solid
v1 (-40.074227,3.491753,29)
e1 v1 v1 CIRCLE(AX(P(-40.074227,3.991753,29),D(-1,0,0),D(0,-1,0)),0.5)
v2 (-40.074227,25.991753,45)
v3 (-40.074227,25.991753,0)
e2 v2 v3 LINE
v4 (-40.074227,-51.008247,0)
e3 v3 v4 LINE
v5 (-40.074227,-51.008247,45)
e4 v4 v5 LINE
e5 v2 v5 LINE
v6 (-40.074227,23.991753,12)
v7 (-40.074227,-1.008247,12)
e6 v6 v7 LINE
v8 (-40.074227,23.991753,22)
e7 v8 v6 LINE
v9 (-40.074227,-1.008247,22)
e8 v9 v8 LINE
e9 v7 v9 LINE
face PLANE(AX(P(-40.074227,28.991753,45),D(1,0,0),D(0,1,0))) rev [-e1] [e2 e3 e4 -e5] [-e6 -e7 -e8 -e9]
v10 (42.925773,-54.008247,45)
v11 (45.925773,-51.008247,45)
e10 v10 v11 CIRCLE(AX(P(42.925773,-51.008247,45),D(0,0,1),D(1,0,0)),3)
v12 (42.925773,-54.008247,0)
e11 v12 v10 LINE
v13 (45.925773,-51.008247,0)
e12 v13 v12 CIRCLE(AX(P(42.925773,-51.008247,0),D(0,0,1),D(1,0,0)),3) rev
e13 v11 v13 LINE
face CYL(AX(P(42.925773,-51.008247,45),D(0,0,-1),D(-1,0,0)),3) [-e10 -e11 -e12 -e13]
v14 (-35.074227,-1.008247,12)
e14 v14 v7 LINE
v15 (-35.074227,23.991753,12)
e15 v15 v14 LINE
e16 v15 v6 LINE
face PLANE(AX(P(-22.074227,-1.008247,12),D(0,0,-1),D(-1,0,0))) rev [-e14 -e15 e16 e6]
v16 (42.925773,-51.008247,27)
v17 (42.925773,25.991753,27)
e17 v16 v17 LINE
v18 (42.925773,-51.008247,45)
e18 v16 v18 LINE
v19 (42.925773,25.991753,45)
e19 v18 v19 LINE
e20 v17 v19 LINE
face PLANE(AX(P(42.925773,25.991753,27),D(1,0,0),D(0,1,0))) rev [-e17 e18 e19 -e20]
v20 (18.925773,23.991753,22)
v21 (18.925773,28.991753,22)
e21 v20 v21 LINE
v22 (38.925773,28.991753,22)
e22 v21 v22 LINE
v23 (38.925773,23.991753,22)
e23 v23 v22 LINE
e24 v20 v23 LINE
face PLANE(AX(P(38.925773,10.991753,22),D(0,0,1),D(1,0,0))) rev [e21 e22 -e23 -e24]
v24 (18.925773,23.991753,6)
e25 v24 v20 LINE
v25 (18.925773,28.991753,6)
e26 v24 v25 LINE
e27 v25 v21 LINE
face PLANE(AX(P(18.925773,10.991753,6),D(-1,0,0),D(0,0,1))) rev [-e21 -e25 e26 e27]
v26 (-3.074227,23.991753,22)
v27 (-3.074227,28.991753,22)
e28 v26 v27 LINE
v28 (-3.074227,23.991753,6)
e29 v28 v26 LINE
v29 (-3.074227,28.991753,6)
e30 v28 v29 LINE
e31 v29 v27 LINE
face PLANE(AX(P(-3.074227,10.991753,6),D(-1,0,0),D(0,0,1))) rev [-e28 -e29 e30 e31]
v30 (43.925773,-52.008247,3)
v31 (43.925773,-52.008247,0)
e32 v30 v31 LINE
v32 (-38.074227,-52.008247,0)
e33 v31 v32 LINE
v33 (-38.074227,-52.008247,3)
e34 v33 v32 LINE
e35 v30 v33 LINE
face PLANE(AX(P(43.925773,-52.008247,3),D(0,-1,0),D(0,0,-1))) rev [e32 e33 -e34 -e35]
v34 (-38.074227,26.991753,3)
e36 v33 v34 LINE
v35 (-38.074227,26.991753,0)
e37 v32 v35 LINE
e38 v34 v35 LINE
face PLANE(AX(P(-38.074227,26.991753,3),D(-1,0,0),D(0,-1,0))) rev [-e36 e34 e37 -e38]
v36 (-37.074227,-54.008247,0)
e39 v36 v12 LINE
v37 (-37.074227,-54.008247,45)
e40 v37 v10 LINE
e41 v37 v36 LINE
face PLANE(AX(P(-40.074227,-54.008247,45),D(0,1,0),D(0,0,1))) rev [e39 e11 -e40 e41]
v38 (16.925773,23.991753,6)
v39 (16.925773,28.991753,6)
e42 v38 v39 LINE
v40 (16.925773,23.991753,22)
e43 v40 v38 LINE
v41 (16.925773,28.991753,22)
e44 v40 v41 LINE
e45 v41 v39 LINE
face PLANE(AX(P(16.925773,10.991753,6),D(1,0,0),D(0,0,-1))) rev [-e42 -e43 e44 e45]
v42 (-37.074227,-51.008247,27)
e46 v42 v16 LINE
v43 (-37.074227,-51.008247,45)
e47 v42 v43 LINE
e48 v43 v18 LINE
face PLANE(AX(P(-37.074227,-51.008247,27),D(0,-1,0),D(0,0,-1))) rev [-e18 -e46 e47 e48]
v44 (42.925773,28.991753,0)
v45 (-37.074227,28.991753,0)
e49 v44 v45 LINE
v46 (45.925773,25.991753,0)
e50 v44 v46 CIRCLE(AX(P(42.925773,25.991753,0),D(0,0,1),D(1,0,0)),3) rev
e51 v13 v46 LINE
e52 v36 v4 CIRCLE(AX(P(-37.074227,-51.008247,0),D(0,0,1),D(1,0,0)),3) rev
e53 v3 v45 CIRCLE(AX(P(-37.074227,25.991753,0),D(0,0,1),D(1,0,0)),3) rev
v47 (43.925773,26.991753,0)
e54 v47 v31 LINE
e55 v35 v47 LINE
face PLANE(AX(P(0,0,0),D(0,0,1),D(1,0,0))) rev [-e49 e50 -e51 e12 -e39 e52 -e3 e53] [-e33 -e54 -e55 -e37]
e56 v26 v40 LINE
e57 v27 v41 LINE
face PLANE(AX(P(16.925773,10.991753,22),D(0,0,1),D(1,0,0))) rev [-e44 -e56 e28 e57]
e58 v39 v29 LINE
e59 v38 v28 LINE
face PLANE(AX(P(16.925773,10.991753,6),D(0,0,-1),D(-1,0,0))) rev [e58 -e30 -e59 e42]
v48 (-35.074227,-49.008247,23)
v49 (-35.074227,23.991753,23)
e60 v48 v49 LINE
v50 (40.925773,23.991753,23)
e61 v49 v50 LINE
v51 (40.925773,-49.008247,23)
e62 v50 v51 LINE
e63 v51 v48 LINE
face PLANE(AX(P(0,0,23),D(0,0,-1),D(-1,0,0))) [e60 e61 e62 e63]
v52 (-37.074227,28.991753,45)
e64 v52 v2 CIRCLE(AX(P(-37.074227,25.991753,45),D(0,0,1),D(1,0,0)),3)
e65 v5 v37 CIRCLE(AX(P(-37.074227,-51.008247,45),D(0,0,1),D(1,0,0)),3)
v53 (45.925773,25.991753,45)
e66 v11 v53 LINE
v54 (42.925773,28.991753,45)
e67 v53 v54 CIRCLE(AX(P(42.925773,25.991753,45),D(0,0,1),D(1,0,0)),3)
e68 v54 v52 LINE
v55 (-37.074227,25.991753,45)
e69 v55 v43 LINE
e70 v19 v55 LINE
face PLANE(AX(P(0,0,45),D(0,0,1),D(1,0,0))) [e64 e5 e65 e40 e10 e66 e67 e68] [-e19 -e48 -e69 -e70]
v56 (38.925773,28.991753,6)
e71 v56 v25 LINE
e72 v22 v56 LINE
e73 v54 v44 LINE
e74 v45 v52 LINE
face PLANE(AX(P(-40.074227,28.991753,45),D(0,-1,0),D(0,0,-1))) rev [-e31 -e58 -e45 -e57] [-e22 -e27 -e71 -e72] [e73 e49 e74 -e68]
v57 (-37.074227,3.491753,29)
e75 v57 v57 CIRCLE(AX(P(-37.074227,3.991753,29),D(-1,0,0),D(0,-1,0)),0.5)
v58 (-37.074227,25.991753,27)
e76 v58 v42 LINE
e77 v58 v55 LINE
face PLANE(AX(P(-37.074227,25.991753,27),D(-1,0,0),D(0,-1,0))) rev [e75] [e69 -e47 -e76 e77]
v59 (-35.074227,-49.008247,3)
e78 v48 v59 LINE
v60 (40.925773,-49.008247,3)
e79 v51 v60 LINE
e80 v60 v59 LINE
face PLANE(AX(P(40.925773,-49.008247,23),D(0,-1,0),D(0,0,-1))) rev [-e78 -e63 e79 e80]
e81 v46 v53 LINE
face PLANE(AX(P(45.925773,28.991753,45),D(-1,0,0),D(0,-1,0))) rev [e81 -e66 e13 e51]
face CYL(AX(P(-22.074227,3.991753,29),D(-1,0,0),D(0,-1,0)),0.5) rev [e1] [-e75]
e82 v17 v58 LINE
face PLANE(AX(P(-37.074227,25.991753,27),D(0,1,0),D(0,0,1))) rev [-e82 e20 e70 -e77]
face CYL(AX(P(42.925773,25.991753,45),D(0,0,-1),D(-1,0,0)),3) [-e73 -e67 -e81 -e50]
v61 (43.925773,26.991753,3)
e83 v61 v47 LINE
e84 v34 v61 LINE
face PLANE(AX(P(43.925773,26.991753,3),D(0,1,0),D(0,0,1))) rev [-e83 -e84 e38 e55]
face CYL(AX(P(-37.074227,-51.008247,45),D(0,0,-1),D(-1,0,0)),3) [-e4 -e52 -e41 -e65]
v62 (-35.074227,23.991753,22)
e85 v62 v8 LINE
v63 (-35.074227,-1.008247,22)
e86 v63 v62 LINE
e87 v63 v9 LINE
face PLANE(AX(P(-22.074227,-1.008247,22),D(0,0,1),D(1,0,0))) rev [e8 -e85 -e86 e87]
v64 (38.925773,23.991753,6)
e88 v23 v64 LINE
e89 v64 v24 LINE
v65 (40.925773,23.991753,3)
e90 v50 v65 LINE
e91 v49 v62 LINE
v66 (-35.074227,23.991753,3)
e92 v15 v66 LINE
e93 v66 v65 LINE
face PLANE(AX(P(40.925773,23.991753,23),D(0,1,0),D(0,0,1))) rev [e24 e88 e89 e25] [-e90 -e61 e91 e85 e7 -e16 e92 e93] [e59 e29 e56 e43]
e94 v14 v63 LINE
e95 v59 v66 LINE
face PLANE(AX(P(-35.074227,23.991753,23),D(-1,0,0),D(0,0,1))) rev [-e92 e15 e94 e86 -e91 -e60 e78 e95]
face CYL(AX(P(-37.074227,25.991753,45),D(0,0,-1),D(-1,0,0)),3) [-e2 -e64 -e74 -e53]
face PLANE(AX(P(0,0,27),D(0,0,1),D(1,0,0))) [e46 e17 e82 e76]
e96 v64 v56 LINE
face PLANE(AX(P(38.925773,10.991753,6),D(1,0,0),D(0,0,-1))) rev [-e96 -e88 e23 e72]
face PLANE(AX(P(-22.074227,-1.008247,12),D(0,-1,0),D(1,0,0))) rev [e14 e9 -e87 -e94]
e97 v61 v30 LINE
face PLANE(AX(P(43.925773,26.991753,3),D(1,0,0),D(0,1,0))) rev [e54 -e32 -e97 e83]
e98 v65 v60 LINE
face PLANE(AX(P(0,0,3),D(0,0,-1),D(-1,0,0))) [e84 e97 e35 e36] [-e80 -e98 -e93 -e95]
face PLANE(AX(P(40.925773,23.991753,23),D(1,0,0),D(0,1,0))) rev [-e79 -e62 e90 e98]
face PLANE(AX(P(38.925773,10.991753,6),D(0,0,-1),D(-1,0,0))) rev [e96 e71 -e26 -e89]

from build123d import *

# Parameters (mm, degrees)
ESQUISSE1_W             = 86
ESQUISSE1_H             = 83
BOSS_EXTRU_1_DEPTH      = 45
ESQUISSE2_W             = 82
ESQUISSE2_H             = 79
ENL_V_MAT_EXTRU_1_DEPTH = 3
ESQUISSE3_W             = 76
ESQUISSE3_H             = 73
ENL_V_MAT_EXTRU_2_DEPTH = 20
ESQUISSE5_W             = 80
ESQUISSE5_H             = 77
ENL_V_MAT_EXTRU_3_DEPTH = 18
ESQUISSE7_W             = 20
ESQUISSE7_H             = 16
ENL_V_MAT_EXTRU_4_DEPTH = 18
ESQUISSE8_W             = 20
ESQUISSE8_H             = 16
ENL_V_MAT_EXTRU_5_DEPTH = 18
ESQUISSE10_W            = 10
ESQUISSE10_H            = 25
ENL_V_MAT_EXTRU_6_DEPTH = 18
ESQUISSE12_R            = 0.5
ENL_V_MAT_EXTRU_9_DEPTH = 18
CONG_2_R                = 3


with BuildPart() as part:
    # Esquisse1 → Boss.-Extru.1 (new body)
    with BuildSketch(Plane.XY):
        with Locations((2.925773196, -12.508247423)):
            Rectangle(ESQUISSE1_W, ESQUISSE1_H)
    extrude(amount=BOSS_EXTRU_1_DEPTH)

    # Esquisse2 → Enlèv. mat.-Extru.1 (cut)
    with BuildSketch(Plane(origin=(0, 0, 0), x_dir=(-1, 0, 0), z_dir=(0, 0, -1))):
        with Locations((-2.925773196, -12.508247423)):
            Rectangle(ESQUISSE2_W, ESQUISSE2_H)
    extrude(amount=-ENL_V_MAT_EXTRU_1_DEPTH, mode=Mode.SUBTRACT)

    # Esquisse3 → Enlèv. mat.-Extru.2 (cut)
    with BuildSketch(Plane(origin=(0, 0, 3), x_dir=(-1, 0, 0), z_dir=(0, 0, -1))):
        with Locations((-2.925773196, -12.508247423)):
            Rectangle(ESQUISSE3_W, ESQUISSE3_H)
    extrude(amount=-ENL_V_MAT_EXTRU_2_DEPTH, mode=Mode.SUBTRACT)

    # Esquisse5 → Enlèv. mat.-Extru.3 (cut)
    with BuildSketch(Plane.XY.offset(45)):
        with Locations((2.925773196, -12.508247423)):
            Rectangle(ESQUISSE5_W, ESQUISSE5_H)
    extrude(amount=-ENL_V_MAT_EXTRU_3_DEPTH, mode=Mode.SUBTRACT)

    # Esquisse7 → Enlèv. mat.-Extru.4 (cut)
    with BuildSketch(Plane(origin=(0, 28.991752577, 0), x_dir=(1, 0, 0), z_dir=(0, 1, 0))):
        with Locations((28.925773196, -14)):
            Rectangle(ESQUISSE7_W, ESQUISSE7_H)
    extrude(amount=-ENL_V_MAT_EXTRU_4_DEPTH, mode=Mode.SUBTRACT)

    # Esquisse8 → Enlèv. mat.-Extru.5 (cut)
    with BuildSketch(Plane(origin=(0, 28.991752577, 0), x_dir=(1, 0, 0), z_dir=(0, 1, 0))):
        with Locations((6.925773196, -14)):
            Rectangle(ESQUISSE8_W, ESQUISSE8_H)
    extrude(amount=-ENL_V_MAT_EXTRU_5_DEPTH, mode=Mode.SUBTRACT)

    # Esquisse10 → Enlèv. mat.-Extru.6 (cut)
    with BuildSketch(Plane.ZY.offset(40.074226804)):
        with Locations((17, 11.491752577)):
            Rectangle(ESQUISSE10_W, ESQUISSE10_H)
    extrude(amount=-ENL_V_MAT_EXTRU_6_DEPTH, mode=Mode.SUBTRACT)

    # Esquisse12 → Enlèv. mat.-Extru.9 (cut)
    with BuildSketch(Plane.ZY.offset(40.074226804)):
        with Locations((29, 3.991752577)):
            Circle(ESQUISSE12_R)
    extrude(amount=-ENL_V_MAT_EXTRU_9_DEPTH, mode=Mode.SUBTRACT)

    # Congé2
    cong_2_edges = [part.edges().sort_by_distance(p)[0] for p in [
        (-40.074226804, 28.991752577, 22.5),
        (45.925773196, 28.991752577, 22.5),
        (45.925773196, -54.008247423, 22.5),
        (-40.074226804, -54.008247423, 22.5),
    ]]
    fillet(cong_2_edges, radius=CONG_2_R)


solid = part.part
